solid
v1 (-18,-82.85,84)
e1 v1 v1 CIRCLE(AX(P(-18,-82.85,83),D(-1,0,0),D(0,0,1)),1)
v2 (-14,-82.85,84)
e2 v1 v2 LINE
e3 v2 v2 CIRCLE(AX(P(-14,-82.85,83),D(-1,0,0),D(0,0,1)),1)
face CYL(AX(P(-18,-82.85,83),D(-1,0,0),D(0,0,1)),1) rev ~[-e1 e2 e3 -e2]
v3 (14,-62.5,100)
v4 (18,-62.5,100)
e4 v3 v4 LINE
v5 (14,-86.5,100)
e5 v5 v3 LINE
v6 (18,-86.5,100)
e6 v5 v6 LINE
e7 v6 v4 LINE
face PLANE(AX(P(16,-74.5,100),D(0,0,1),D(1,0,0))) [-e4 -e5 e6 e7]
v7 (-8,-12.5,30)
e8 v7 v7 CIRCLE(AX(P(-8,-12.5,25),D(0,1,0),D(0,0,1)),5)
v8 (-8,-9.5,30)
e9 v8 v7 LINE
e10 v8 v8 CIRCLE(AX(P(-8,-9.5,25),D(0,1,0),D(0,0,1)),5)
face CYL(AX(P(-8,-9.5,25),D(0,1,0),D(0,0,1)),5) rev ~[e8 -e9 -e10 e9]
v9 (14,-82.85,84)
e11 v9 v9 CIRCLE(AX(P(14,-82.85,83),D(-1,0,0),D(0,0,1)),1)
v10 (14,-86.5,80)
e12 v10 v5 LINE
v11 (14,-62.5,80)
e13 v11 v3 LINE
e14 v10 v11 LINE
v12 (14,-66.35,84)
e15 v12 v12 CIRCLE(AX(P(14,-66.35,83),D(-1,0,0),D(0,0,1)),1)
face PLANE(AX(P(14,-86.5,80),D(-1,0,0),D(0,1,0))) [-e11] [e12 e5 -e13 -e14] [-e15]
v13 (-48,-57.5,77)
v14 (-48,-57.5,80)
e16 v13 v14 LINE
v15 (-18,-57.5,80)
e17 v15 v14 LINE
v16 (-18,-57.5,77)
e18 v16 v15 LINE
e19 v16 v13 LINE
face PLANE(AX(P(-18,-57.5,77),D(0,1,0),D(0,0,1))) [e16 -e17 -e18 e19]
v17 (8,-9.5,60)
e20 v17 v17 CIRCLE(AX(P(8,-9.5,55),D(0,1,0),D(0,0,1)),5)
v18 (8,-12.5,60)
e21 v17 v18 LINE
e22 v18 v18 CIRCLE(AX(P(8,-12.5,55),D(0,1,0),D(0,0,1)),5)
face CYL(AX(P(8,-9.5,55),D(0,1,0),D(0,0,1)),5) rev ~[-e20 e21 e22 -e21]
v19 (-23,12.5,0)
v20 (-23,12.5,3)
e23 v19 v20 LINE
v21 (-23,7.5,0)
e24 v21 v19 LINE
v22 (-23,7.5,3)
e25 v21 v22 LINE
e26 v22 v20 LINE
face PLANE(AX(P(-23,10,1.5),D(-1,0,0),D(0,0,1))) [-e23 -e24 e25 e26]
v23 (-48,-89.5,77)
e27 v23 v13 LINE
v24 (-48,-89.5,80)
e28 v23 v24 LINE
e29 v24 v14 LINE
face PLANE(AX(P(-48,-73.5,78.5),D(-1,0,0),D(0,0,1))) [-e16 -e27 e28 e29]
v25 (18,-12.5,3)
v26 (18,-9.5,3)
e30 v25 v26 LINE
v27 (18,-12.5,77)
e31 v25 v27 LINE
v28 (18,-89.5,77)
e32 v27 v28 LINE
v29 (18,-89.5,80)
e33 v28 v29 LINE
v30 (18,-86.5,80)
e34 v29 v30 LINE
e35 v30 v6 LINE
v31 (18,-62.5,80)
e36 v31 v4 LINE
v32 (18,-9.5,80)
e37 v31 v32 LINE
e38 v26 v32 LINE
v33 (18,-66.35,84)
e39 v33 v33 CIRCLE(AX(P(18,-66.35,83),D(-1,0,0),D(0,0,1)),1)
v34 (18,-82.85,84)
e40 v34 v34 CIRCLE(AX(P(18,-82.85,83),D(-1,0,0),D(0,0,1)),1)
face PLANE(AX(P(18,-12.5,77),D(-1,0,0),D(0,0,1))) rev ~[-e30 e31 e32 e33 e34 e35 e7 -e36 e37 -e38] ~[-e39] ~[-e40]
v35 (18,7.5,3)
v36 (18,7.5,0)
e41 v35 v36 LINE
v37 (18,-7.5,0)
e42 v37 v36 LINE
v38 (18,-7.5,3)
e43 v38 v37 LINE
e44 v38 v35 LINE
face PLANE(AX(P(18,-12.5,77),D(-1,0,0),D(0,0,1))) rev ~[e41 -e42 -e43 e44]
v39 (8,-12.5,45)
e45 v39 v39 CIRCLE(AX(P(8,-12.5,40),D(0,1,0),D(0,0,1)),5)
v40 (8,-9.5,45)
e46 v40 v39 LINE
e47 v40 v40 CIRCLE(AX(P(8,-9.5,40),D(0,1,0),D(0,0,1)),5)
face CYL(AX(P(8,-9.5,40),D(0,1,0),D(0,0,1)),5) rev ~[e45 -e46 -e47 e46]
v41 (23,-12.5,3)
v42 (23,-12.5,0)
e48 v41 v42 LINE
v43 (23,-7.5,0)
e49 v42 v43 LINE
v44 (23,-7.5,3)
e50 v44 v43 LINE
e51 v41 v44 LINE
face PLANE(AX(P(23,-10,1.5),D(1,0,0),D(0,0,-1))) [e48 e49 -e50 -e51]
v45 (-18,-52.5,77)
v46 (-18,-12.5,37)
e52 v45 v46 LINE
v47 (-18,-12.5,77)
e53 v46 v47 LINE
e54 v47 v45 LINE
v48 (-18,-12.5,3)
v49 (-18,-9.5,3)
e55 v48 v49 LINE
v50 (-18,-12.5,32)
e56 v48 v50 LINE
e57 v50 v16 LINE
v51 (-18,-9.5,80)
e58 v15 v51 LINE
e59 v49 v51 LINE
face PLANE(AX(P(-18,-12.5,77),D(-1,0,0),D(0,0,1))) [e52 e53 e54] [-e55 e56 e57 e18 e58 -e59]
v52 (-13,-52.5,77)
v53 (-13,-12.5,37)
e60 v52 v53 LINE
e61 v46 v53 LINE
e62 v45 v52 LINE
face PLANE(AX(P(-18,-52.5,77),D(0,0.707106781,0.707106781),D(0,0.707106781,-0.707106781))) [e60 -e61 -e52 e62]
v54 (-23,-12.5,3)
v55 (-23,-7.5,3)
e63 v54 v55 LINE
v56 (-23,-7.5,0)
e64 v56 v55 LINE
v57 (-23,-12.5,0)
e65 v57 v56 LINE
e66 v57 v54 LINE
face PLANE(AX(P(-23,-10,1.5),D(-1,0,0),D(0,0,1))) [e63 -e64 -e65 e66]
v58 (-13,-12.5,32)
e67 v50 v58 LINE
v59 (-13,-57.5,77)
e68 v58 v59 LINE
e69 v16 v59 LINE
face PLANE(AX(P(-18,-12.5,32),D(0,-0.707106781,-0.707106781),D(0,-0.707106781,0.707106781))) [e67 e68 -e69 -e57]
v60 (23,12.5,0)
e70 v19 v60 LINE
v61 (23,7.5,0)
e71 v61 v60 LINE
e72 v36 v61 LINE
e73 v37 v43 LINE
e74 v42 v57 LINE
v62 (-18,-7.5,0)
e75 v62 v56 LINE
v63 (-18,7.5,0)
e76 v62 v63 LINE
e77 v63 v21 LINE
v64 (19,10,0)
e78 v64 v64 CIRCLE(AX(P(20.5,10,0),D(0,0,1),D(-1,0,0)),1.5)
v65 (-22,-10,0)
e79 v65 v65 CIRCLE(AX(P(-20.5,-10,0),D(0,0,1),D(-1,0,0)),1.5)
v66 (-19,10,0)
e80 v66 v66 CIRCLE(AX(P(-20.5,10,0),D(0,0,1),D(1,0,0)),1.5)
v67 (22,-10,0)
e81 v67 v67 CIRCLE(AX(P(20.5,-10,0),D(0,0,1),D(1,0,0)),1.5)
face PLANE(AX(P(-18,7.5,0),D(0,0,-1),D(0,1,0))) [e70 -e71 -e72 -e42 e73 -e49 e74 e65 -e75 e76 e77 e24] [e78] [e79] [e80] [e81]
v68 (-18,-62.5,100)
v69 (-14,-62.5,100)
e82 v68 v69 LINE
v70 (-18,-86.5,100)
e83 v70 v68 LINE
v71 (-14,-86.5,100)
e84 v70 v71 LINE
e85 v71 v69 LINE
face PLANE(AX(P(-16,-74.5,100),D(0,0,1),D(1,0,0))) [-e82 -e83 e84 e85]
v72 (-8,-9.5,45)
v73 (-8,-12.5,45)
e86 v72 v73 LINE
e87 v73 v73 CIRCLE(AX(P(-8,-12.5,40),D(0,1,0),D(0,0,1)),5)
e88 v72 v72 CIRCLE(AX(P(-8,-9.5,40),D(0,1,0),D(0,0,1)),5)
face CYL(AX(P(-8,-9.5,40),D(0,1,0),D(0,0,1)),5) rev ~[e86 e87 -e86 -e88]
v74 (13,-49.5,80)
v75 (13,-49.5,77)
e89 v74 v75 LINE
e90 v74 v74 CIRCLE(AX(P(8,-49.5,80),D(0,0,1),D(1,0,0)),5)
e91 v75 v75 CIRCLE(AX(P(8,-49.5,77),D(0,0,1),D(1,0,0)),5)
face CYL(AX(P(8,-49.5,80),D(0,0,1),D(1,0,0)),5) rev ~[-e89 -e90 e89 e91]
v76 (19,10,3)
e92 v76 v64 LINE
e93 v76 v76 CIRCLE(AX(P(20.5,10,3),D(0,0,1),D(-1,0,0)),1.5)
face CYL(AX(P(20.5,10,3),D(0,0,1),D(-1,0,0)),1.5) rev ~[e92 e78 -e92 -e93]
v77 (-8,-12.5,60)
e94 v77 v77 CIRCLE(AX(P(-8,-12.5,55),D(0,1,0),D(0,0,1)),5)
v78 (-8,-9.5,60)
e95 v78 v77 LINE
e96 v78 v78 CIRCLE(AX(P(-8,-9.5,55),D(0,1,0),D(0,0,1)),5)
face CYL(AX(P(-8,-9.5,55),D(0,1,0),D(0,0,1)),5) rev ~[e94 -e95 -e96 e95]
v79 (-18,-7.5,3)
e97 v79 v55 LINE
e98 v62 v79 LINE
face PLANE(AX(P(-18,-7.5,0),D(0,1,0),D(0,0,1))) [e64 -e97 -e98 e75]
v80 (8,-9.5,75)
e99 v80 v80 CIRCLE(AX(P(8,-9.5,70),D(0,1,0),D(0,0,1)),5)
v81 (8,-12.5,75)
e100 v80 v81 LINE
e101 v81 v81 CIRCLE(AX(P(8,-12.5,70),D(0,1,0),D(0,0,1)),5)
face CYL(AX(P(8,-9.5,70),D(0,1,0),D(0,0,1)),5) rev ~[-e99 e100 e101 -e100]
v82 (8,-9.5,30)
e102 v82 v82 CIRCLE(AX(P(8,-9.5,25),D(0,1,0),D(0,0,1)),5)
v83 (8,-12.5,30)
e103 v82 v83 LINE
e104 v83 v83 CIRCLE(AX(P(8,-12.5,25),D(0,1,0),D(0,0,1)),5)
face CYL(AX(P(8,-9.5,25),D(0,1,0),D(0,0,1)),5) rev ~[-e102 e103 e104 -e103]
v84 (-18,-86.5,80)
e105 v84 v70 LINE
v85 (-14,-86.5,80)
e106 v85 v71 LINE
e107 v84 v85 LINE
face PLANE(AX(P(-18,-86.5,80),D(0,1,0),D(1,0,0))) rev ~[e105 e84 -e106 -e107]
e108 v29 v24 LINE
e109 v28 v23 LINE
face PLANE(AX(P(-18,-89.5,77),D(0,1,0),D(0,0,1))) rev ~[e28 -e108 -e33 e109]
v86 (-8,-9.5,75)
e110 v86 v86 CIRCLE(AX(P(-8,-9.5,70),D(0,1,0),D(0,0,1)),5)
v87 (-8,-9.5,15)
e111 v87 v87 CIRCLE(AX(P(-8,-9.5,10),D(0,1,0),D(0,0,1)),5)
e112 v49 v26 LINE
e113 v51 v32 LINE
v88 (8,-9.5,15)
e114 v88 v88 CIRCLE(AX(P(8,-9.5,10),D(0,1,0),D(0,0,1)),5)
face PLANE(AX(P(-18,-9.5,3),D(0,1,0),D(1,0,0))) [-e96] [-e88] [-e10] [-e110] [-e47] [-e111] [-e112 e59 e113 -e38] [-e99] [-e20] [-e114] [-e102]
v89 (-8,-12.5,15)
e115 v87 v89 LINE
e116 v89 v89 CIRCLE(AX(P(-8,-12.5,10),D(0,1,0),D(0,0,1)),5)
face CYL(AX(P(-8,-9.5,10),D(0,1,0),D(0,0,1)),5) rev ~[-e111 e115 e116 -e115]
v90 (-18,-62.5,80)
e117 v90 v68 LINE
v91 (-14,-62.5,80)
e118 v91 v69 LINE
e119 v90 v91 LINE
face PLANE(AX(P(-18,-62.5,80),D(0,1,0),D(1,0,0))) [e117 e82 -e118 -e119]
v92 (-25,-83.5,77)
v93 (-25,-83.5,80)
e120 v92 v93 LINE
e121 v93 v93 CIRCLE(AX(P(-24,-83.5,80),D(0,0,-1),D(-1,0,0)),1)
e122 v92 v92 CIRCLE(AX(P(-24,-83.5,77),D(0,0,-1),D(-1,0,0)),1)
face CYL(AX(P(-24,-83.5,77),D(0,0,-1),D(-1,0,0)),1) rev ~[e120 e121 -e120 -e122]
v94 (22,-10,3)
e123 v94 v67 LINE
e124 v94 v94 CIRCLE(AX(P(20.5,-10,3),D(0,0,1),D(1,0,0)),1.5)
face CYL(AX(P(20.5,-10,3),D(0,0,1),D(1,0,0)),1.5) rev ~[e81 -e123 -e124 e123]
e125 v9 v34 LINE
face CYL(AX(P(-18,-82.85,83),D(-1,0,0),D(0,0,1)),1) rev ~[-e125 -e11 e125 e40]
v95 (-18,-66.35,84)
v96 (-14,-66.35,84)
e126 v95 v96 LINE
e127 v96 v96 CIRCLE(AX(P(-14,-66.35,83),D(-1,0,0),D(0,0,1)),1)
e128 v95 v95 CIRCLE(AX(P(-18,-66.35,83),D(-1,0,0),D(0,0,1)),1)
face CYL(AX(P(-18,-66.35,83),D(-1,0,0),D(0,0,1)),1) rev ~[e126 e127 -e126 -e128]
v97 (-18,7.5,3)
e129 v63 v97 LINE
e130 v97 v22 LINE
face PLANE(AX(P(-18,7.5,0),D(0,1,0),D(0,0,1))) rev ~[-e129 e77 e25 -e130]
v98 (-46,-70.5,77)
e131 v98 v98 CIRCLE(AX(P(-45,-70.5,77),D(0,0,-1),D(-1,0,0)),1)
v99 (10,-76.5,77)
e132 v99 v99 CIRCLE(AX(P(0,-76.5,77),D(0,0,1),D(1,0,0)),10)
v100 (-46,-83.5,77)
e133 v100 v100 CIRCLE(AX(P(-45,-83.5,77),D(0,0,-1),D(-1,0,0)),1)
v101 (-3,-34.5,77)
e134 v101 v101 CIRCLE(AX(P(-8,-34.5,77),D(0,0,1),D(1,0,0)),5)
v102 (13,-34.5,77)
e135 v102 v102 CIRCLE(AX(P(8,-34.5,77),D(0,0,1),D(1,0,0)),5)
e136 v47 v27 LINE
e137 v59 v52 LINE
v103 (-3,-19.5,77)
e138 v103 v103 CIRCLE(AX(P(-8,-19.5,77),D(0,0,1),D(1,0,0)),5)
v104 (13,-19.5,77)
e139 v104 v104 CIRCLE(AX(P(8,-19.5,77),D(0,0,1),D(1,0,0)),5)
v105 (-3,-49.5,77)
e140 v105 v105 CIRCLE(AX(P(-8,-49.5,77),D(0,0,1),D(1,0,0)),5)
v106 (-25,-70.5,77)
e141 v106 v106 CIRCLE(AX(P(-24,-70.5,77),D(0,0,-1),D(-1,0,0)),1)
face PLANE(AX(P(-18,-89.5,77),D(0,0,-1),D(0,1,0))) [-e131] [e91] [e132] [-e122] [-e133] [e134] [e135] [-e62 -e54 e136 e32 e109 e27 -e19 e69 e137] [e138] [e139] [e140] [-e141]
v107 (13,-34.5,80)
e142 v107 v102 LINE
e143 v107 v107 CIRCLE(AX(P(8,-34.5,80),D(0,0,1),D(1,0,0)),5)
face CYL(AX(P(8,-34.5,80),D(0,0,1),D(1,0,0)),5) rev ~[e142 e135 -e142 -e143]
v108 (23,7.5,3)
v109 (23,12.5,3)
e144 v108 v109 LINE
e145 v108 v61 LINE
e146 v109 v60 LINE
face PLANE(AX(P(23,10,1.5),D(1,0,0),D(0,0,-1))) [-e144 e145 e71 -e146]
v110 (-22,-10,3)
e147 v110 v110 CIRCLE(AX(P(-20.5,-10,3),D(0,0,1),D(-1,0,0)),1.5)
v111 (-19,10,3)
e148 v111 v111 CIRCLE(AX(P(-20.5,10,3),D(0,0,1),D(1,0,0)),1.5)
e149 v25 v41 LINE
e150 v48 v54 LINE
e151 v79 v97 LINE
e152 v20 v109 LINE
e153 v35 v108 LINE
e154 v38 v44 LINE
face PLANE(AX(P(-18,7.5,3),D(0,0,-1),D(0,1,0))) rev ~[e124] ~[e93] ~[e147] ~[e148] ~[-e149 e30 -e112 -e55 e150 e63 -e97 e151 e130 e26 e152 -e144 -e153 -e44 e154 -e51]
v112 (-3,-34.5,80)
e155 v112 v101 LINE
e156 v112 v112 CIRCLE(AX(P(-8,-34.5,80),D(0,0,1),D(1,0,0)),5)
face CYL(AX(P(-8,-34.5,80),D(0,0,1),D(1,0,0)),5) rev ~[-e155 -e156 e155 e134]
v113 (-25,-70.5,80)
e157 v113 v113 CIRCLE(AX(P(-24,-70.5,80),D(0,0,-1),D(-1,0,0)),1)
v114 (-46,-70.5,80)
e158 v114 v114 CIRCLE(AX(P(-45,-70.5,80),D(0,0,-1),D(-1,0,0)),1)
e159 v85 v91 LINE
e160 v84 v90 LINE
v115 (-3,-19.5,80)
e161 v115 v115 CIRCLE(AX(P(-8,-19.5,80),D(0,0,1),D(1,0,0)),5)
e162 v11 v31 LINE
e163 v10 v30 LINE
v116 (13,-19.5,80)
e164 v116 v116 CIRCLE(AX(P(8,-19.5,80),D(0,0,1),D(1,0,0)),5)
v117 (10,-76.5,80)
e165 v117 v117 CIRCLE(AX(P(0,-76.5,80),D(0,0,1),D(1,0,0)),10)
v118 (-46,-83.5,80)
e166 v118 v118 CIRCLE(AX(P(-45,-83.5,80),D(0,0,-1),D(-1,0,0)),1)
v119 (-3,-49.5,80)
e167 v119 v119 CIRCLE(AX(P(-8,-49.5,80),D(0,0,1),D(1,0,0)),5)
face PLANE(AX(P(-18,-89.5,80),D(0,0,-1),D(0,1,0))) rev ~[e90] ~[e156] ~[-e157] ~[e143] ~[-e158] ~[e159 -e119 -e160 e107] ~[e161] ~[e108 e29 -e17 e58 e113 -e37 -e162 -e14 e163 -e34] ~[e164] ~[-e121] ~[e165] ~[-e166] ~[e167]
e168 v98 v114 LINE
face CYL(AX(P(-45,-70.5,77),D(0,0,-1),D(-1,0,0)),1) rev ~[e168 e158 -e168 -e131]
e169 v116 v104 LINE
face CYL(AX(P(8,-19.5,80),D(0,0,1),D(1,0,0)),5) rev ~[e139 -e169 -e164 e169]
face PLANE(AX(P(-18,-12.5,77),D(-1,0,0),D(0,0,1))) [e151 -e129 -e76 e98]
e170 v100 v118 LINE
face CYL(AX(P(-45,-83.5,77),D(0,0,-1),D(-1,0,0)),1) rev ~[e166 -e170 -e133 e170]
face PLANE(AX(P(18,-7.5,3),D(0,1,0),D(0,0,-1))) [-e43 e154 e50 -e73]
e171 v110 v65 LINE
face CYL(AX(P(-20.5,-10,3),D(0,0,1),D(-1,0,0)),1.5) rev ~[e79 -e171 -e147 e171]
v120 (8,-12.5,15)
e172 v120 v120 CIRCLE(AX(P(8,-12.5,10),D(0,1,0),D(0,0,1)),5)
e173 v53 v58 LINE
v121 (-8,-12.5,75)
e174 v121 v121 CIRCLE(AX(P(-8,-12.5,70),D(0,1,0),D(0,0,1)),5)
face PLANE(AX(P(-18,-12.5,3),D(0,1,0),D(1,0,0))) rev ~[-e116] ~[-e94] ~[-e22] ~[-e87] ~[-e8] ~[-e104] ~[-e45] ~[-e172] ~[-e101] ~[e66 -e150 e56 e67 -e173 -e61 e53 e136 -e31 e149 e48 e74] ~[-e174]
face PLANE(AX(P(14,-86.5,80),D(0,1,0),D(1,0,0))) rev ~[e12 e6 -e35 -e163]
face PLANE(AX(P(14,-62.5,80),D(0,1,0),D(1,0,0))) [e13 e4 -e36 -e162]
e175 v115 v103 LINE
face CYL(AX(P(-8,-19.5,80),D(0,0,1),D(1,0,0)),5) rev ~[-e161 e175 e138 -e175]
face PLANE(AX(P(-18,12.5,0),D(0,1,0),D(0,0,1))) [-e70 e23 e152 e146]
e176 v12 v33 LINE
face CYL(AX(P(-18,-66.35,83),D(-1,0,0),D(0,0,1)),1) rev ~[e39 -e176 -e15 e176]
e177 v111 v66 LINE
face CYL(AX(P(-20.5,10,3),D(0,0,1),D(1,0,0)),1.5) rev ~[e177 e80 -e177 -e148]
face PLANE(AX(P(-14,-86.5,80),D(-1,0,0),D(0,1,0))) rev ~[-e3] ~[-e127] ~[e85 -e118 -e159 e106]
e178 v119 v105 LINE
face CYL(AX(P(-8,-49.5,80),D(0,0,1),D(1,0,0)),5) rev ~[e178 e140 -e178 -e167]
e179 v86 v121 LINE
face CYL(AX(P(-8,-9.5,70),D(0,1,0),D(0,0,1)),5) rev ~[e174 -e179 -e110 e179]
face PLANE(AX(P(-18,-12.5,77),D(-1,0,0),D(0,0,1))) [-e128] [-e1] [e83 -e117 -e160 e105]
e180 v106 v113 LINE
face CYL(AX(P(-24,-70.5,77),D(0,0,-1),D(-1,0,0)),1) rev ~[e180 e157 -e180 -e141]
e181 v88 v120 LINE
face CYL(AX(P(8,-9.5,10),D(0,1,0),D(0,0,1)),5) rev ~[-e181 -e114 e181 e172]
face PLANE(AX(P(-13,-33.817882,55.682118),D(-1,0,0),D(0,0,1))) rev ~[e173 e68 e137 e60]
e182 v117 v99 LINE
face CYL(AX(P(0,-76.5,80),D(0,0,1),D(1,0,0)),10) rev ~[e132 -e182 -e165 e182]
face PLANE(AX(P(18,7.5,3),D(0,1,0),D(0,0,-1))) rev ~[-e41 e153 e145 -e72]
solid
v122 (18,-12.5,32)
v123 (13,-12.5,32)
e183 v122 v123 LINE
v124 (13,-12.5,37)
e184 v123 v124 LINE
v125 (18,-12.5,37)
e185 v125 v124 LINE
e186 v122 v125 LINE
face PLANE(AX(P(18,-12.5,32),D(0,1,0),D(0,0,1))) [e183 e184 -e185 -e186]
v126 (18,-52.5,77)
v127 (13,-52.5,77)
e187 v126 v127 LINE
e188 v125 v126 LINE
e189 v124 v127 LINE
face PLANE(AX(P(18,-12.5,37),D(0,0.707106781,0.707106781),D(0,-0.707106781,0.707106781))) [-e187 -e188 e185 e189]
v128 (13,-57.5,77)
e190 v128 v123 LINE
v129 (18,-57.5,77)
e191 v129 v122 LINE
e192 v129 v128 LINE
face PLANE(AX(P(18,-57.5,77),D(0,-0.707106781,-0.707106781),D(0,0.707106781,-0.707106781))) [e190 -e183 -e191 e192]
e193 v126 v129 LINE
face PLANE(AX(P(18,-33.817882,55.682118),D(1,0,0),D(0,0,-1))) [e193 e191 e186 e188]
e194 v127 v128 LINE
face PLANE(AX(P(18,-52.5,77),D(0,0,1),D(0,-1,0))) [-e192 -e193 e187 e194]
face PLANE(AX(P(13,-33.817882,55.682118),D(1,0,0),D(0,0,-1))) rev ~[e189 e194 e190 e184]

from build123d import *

# Parameters (mm, degrees)
SKETCH_1_W          = 36
SKETCH_1_H          = 25
EXTRUDE_1_DEPTH     = 3
SKETCH_2_W          = 36
SKETCH_2_H          = 3
EXTRUDE_2_DEPTH     = 77
SKETCH_3_W          = 36
SKETCH_3_H          = 3
EXTRUDE_3_DEPTH     = 77
SKETCH_4_R          = 10
CUT_EXTRUDE_1_DEPTH = 77
SKETCH_8_W          = 4
SKETCH_8_H          = 24
EXTRUDE_4_DEPTH     = 20
SKETCH_12_W         = 3
SKETCH_12_H         = 5
EXTRUDE_5_DEPTH     = 5
SKETCH_13_W         = 3
SKETCH_13_H         = 5
EXTRUDE_6_DEPTH     = 5
SKETCH_14_R         = 1.5
CUT_EXTRUDE_4_DEPTH = 134.971078969
EXTRUDE_7_DEPTH     = 5
EXTRUDE_8_DEPTH     = 5
SKETCH_9_R          = 1
CUT_EXTRUDE_5_DEPTH = 141.32551443
SKETCH_18_R         = 5
CUT_EXTRUDE_6_DEPTH = 5
SKETCH_19_R         = 5
CUT_EXTRUDE_7_DEPTH = 5
SKETCH_20_W         = 3
SKETCH_20_H         = 32
EXTRUDE_9_DEPTH     = 30
SKETCH_21_R         = 1
CUT_EXTRUDE_8_DEPTH = 10


with BuildPart() as part:
    # 草图1 → 凸台-拉伸1 (new body)
    with BuildSketch(Plane.XY):
        Rectangle(SKETCH_1_W, SKETCH_1_H)
    extrude(amount=EXTRUDE_1_DEPTH)

    # 草图2 → 凸台-拉伸2 (add)
    with BuildSketch(Plane.XY.offset(3)):
        with Locations((0, -11)):
            Rectangle(SKETCH_2_W, SKETCH_2_H)
    extrude(amount=EXTRUDE_2_DEPTH)

    # 草图3 → 凸台-拉伸3 (add)
    with BuildSketch(Plane.XZ.offset(12.5)):
        with Locations((0, 78.5)):
            Rectangle(SKETCH_3_W, SKETCH_3_H)
    extrude(amount=EXTRUDE_3_DEPTH)

    # 草图4 → 切除-拉伸1 (cut)
    with BuildSketch(Plane.XY.offset(80)):
        with Locations((0, -76.5)):
            Circle(SKETCH_4_R)
    extrude(amount=-CUT_EXTRUDE_1_DEPTH, mode=Mode.SUBTRACT)

    # 草图8 → 凸台-拉伸4 (add)
    with BuildSketch(Plane.XY.offset(80)):
        with Locations((16, -74.5)):
            Rectangle(SKETCH_8_W, SKETCH_8_H)
        with Locations((-16, -74.5)):
            Rectangle(SKETCH_8_W, SKETCH_8_H)
    extrude(amount=EXTRUDE_4_DEPTH)

    # 草图12 → 凸台-拉伸5 (add)
    with BuildSketch(Plane(origin=(18, 0, 0), x_dir=(0, 0, -1), z_dir=(1, 0, 0))):
        with Locations((-1.5, 10)):
            Rectangle(SKETCH_12_W, SKETCH_12_H)
        with Locations((-1.5, -10)):
            Rectangle(SKETCH_12_W, SKETCH_12_H)
    extrude(amount=EXTRUDE_5_DEPTH)

    # 草图13 → 凸台-拉伸6 (add)
    with BuildSketch(Plane.ZY.offset(18)):
        with Locations((1.5, 10)):
            Rectangle(SKETCH_13_W, SKETCH_13_H)
        with Locations((1.5, -10)):
            Rectangle(SKETCH_13_W, SKETCH_13_H)
    extrude(amount=EXTRUDE_6_DEPTH)

    # 草图14 → 切除-拉伸4 (cut, through all)
    with BuildSketch(Plane.XY.offset(3)):
        with Locations((-20.5, 10)):
            Circle(SKETCH_14_R)
        with Locations(Location((20.5, 10, 0), (0, 0, 180))):
            Circle(SKETCH_14_R)
        with Locations((20.5, -10)):
            Circle(SKETCH_14_R)
        with Locations(Location((-20.5, -10, 0), (0, 0, 180))):
            Circle(SKETCH_14_R)
    extrude(amount=-CUT_EXTRUDE_4_DEPTH, mode=Mode.SUBTRACT)

    # 草图15 → 凸台-拉伸7 (add)
    with BuildSketch(Plane.ZY.offset(18)):
        Polygon((77, -52.5), (37, -12.5), (32, -12.5), (77, -57.5), align=None)
    extrude(amount=-EXTRUDE_7_DEPTH)

    # 草图9 → 切除-拉伸5 (cut, through all)
    with BuildSketch(Plane.ZY.offset(18)):
        with Locations((83, -82.85)):
            Circle(SKETCH_9_R)
        with Locations((83, -66.35)):
            Circle(SKETCH_9_R)
    extrude(amount=-CUT_EXTRUDE_5_DEPTH, mode=Mode.SUBTRACT)

    # 草图18 → 切除-拉伸6 (cut)
    with BuildSketch(Plane.XY.offset(80)):
        with Locations((-8, -19.5)):
            Circle(SKETCH_18_R)
        with Locations((8, -19.5)):
            Circle(SKETCH_18_R)
        with Locations((-8, -34.5)):
            Circle(SKETCH_18_R)
        with Locations((8, -34.5)):
            Circle(SKETCH_18_R)
        with Locations((-8, -49.5)):
            Circle(SKETCH_18_R)
        with Locations((8, -49.5)):
            Circle(SKETCH_18_R)
    extrude(amount=-CUT_EXTRUDE_6_DEPTH, mode=Mode.SUBTRACT)

    # 草图19 → 切除-拉伸7 (cut)
    with BuildSketch(Plane(origin=(0, -9.5, 0), x_dir=(1, 0, 0), z_dir=(0, 1, 0))):
        with Locations(Location((-8, -70, 0), (0, 0, 270))):
            Circle(SKETCH_19_R)
        with Locations(Location((8, -70, 0), (0, 0, 270))):
            Circle(SKETCH_19_R)
        with Locations(Location((-8, -55, 0), (0, 0, 270))):
            Circle(SKETCH_19_R)
        with Locations(Location((8, -55, 0), (0, 0, 270))):
            Circle(SKETCH_19_R)
        with Locations(Location((-8, -40, 0), (0, 0, 270))):
            Circle(SKETCH_19_R)
        with Locations(Location((8, -40, 0), (0, 0, 270))):
            Circle(SKETCH_19_R)
        with Locations(Location((-8, -25, 0), (0, 0, 270))):
            Circle(SKETCH_19_R)
        with Locations(Location((8, -25, 0), (0, 0, 270))):
            Circle(SKETCH_19_R)
        with Locations(Location((-8, -10, 0), (0, 0, 270))):
            Circle(SKETCH_19_R)
        with Locations(Location((8, -10, 0), (0, 0, 270))):
            Circle(SKETCH_19_R)
    extrude(amount=-CUT_EXTRUDE_7_DEPTH, mode=Mode.SUBTRACT)

    # 草图20 → 凸台-拉伸9 (add)
    with BuildSketch(Plane.ZY.offset(18)):
        with Locations((78.5, -73.5)):
            Rectangle(SKETCH_20_W, SKETCH_20_H)
    extrude(amount=EXTRUDE_9_DEPTH)

    # 草图21 → 切除-拉伸8 (cut)
    with BuildSketch(Plane(origin=(0, 0, 77), x_dir=(-1, 0, 0), z_dir=(0, 0, -1))):
        with Locations((24, -70.5)):
            Circle(SKETCH_21_R)
        with Locations((45, -70.5)):
            Circle(SKETCH_21_R)
        with Locations((24, -83.5)):
            Circle(SKETCH_21_R)
        with Locations((45, -83.5)):
            Circle(SKETCH_21_R)
    extrude(amount=-CUT_EXTRUDE_8_DEPTH, mode=Mode.SUBTRACT)


with BuildPart() as body_2:
    # 草图16 → 凸台-拉伸8 (new body)
    with BuildSketch(Plane(origin=(18, 0, 0), x_dir=(0, 0, -1), z_dir=(1, 0, 0))):
        Polygon((-77, -52.5), (-77, -57.5), (-32, -12.5), (-37, -12.5), align=None)
    extrude(amount=-EXTRUDE_8_DEPTH)


solid = Compound([part.part, body_2.part])
